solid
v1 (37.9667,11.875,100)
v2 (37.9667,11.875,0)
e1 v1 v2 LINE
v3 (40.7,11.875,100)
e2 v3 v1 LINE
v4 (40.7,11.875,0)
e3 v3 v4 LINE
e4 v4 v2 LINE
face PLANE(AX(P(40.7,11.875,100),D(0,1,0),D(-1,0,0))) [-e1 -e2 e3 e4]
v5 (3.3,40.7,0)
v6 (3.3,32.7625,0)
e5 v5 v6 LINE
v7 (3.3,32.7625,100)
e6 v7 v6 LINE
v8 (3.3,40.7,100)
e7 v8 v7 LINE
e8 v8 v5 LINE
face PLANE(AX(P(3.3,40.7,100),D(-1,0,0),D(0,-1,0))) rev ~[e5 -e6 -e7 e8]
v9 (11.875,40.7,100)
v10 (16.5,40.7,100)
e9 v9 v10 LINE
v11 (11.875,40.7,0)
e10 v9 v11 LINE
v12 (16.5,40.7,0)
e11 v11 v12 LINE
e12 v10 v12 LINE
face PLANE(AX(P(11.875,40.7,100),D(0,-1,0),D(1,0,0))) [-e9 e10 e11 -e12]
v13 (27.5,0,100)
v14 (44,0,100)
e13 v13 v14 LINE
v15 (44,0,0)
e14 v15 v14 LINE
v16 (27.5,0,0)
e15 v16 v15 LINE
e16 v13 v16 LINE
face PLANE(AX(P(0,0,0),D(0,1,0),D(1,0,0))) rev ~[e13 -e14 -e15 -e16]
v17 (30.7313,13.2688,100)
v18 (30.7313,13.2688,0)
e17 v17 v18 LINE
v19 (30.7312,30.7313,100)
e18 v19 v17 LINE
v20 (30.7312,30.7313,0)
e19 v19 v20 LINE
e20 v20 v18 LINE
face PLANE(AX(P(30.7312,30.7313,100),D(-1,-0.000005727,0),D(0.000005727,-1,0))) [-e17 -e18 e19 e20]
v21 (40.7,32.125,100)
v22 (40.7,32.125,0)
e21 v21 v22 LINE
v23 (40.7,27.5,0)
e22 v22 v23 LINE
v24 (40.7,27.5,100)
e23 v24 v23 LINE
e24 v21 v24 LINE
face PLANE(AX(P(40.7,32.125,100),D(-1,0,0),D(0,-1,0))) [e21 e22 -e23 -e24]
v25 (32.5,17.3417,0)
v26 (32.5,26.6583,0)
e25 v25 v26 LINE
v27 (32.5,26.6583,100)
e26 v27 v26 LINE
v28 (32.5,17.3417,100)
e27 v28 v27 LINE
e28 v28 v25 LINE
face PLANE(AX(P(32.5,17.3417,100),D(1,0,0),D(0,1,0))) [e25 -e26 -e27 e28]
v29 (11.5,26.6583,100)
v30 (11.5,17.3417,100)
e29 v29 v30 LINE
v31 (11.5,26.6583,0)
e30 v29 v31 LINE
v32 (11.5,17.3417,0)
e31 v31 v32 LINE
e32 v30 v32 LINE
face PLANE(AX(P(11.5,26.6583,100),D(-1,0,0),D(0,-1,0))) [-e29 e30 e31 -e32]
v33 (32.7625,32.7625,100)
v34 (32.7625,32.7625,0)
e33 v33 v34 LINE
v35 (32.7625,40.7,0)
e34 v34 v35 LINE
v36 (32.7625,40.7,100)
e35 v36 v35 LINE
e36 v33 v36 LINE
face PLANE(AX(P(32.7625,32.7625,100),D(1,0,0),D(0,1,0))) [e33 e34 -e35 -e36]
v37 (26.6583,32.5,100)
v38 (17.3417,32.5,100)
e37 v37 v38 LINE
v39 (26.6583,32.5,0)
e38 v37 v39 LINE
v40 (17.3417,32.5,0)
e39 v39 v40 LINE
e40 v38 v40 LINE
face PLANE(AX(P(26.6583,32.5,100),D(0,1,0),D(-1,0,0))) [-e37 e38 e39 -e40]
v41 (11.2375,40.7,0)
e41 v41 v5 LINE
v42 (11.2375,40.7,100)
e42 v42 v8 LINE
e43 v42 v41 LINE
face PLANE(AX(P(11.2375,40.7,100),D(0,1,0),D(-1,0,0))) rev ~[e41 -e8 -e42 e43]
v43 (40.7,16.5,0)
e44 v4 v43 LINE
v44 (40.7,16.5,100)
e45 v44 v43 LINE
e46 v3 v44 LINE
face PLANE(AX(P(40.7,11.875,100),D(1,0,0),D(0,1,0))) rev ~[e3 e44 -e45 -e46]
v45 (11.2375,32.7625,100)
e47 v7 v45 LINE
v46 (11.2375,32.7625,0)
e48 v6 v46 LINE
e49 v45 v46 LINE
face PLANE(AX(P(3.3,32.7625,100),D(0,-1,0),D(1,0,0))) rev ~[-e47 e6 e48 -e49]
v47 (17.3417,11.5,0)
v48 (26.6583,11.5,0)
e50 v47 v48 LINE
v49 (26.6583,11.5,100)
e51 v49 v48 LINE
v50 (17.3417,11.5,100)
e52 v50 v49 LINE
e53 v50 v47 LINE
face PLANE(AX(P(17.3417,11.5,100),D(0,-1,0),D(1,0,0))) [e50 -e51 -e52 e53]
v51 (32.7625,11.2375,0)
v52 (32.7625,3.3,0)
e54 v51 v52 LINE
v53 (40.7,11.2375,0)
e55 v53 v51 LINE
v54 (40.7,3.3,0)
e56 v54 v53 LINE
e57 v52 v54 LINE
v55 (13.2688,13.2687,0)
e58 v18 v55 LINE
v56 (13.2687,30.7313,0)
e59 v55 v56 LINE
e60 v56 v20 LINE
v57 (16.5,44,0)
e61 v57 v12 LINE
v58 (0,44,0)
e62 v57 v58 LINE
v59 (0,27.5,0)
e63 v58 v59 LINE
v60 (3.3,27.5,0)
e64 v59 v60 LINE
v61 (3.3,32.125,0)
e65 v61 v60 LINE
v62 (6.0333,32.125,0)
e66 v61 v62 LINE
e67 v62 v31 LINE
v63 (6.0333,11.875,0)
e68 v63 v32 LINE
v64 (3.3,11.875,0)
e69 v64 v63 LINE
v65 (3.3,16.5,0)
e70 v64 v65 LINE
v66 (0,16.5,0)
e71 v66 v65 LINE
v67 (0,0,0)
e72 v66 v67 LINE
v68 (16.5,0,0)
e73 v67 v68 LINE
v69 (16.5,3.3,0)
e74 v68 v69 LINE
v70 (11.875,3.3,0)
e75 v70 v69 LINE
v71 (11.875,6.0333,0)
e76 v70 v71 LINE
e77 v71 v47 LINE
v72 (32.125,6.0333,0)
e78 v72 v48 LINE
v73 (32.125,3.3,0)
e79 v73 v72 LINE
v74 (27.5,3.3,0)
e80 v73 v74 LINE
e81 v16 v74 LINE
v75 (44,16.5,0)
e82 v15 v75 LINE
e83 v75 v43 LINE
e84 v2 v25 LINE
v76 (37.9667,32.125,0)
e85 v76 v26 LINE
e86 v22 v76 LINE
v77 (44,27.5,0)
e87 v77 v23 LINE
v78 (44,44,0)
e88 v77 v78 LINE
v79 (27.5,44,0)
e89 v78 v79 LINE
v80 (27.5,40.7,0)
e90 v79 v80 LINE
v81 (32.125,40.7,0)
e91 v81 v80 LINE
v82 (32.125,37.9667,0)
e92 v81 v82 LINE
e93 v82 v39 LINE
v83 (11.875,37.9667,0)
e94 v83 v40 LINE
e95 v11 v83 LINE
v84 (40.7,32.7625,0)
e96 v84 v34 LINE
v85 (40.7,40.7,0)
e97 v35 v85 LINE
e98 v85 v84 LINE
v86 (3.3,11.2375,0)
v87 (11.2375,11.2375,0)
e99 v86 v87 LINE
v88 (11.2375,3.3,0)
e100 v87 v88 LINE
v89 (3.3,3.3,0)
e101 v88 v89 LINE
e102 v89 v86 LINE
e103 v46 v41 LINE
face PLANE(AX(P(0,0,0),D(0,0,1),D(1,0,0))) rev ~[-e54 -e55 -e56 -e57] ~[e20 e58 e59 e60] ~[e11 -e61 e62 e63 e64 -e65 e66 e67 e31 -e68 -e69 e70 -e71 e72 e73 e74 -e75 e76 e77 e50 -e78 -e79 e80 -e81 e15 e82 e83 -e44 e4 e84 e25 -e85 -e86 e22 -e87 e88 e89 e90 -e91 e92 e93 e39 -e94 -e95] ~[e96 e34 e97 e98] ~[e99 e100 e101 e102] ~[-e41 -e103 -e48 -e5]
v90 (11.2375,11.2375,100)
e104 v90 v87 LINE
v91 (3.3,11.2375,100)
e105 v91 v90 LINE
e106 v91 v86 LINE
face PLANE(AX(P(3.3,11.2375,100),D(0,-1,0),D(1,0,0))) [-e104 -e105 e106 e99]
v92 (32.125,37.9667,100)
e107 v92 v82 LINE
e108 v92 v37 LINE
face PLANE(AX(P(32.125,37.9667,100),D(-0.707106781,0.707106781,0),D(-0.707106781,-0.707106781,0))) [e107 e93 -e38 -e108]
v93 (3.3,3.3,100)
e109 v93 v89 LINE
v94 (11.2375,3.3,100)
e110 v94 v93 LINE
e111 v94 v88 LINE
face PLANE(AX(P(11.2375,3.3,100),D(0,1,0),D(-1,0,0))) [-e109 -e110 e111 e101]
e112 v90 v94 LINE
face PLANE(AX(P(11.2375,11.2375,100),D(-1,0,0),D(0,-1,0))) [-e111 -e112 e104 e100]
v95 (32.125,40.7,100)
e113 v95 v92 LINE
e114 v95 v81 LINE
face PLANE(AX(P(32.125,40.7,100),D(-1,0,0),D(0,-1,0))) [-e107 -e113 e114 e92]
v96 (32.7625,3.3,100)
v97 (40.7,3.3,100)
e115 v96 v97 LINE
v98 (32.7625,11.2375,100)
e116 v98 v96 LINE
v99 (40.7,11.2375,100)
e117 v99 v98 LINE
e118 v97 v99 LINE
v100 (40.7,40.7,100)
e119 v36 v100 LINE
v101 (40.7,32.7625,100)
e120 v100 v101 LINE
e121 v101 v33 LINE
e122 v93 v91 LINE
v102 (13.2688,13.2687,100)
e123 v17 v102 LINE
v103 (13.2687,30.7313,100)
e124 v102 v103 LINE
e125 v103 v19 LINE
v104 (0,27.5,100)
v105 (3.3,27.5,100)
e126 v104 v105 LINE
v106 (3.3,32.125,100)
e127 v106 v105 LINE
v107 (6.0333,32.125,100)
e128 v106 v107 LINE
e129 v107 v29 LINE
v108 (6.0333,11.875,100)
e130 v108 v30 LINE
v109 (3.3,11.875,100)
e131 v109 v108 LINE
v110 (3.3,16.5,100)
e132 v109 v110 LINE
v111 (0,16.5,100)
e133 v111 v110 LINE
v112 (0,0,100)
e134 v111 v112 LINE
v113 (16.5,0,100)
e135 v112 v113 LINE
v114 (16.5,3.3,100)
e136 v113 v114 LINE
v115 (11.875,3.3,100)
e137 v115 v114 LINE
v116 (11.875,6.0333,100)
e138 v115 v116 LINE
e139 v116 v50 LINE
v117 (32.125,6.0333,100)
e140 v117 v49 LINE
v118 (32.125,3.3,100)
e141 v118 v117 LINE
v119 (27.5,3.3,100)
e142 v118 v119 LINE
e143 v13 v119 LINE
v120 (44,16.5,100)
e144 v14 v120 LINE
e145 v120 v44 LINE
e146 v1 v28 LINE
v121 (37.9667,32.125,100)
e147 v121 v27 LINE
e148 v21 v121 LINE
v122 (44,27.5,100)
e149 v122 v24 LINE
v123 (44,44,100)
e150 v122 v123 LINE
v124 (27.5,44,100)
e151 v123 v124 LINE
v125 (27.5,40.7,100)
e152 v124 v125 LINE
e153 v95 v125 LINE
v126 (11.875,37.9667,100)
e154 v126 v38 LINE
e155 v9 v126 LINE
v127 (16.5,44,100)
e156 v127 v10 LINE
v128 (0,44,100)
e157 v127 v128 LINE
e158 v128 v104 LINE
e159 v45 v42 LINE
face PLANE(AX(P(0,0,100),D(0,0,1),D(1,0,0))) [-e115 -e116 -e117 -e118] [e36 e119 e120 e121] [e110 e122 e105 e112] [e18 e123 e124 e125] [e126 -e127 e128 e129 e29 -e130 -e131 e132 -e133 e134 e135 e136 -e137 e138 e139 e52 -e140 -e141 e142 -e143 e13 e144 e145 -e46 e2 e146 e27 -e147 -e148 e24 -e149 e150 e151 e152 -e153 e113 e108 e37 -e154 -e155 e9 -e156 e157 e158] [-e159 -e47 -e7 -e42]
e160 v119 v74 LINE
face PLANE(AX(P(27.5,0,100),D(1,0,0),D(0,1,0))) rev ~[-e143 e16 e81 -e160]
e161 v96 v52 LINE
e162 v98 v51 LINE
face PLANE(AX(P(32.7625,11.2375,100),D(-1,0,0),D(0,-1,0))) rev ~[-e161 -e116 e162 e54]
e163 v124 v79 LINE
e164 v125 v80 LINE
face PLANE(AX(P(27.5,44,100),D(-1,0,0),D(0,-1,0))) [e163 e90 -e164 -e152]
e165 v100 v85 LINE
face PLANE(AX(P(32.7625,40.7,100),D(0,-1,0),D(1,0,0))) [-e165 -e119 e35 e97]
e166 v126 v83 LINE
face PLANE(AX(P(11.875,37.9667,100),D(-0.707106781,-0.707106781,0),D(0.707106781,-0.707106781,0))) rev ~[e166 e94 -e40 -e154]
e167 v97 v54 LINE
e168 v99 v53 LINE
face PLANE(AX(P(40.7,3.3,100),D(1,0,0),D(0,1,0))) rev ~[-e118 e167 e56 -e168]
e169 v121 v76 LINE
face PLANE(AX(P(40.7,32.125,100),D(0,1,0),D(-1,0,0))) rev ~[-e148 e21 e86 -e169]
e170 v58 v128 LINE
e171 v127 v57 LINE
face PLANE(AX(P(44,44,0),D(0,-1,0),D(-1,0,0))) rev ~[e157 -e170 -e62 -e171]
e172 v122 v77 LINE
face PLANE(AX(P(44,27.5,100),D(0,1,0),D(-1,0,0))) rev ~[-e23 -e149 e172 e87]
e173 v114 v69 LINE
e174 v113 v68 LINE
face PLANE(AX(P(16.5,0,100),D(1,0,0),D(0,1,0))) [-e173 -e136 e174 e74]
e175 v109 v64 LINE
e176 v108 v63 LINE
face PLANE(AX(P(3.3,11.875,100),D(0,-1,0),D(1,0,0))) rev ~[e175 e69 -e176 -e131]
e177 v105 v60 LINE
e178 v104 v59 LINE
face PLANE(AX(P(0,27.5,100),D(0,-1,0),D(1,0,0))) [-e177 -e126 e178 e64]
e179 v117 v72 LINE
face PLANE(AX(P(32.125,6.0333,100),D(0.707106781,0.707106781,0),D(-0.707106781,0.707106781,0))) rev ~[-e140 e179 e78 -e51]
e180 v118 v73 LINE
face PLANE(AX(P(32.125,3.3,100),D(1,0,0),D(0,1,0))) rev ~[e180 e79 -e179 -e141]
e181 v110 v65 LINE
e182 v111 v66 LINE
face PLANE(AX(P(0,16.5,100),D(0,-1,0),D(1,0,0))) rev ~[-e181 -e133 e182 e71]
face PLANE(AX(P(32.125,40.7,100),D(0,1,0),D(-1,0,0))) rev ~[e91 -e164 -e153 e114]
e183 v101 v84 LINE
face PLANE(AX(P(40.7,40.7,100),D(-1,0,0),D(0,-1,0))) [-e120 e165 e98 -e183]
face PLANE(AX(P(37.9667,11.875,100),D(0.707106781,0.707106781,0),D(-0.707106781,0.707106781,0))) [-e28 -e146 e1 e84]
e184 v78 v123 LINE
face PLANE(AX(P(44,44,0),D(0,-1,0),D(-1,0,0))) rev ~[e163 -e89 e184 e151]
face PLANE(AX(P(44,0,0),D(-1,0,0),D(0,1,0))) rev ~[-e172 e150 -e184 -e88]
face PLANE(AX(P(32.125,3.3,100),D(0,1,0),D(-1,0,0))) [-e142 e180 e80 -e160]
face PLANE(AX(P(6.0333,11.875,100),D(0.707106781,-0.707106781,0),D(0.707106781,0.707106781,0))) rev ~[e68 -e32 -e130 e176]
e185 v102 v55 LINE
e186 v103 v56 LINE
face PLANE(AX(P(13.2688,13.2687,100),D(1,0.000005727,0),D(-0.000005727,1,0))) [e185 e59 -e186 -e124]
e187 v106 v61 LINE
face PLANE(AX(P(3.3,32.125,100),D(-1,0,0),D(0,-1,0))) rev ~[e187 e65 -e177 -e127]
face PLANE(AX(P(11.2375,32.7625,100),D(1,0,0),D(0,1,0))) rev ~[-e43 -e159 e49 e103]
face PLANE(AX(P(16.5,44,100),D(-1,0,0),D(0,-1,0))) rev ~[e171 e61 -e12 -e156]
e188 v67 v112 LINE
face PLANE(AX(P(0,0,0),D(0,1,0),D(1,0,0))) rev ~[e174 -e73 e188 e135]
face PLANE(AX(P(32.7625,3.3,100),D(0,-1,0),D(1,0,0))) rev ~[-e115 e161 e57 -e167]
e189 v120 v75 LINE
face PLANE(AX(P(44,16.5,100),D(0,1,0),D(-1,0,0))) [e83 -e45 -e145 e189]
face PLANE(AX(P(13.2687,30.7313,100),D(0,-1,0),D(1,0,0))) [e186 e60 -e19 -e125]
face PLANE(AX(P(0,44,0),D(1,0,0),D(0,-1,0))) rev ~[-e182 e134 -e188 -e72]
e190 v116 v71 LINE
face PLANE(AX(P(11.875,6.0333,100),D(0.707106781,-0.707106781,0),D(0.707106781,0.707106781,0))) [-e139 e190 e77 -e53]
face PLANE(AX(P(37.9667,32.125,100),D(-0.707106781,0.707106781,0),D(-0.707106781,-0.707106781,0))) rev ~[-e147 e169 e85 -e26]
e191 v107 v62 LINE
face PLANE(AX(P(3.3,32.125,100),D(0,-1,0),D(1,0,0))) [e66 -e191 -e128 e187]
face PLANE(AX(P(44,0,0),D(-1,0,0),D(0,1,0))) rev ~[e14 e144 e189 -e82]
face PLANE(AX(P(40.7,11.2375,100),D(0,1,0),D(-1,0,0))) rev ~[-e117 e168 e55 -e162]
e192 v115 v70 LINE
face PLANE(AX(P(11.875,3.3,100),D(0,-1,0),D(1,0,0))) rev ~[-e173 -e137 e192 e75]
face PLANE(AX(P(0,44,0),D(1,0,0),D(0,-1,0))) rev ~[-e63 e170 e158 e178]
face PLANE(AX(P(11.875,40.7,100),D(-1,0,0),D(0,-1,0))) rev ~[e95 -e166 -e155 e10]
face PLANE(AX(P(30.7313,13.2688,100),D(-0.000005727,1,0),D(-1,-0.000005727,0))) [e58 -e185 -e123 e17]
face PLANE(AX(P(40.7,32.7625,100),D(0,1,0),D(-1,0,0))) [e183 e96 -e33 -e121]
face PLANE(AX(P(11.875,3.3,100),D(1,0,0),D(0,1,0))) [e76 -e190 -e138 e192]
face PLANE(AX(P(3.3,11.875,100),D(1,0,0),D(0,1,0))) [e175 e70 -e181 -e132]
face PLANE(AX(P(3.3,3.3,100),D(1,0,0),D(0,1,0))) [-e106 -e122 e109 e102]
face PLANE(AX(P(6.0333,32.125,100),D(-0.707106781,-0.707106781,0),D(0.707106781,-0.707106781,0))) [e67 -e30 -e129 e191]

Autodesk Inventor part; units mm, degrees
ref_plane "YZ Plane" through (0, 0, 0) normal (1, 0, 0) x (0, 1, 0)
ref_plane "XZ Plane" through (0, 0, 0) normal (0, 1, 0) x (-1, 0, 0)
ref_plane "XY Plane" through (0, 0, 0) normal (0, 0, 1) x (1, 0, 0)
sketch "Sketch1" plane through (0, 0, 0) normal (0, 0, 1) x (1, 0, 0)
  line L0 (0, 0) -> (44, 0)
  line L1 (44, 0) -> (44, 44)
  line L2 (44, 44) -> (0, 44)
  line L3 (0, 44) -> (0, 0)
  dimension "d5" = 44
  dimension "d6" = 44
extrude "JOKAB, 44MM" add sketch "Sketch1" along normal blind 100
sketch "Sketch2" plane through (0, 0, 100) normal (0, 0, 1) x (1, 0, 0)
  line L0 (44, 0) -> (0, 0) projected
  line L1 (0, 44) -> (44, 44) projected
  line L2 (44, 44) -> (0, 44) projected
  line L3 (16.5, 44) -> (16.5, 40.7)
  line L4 (11.875, 40.7) -> (11.875, 37.9667)
  line L5 (11.875, 37.9667) -> (17.3417, 32.5)
  line L6 (22, 44) -> (22, 0) construction
  line L7 (0, 44) -> (0, 0) projected
  line L8 (0, 22) -> (44, 22) construction
  line L9 (44, 0) -> (44, 44) projected
  line L10 (17.3417, 32.5) -> (22, 32.5)
  line L11 (11.875, 40.7) -> (16.5, 40.7)
  line L12 (27.5, 44) -> (27.5, 40.7)
  line L13 (32.125, 40.7) -> (32.125, 37.9667)
  line L14 (32.125, 37.9667) -> (26.6583, 32.5)
  line L15 (26.6583, 32.5) -> (22, 32.5)
  line L16 (32.125, 40.7) -> (27.5, 40.7)
  line L17 (16.5, 0) -> (16.5, 3.3)
  line L18 (11.875, 3.3) -> (11.875, 6.0333)
  line L19 (11.875, 6.0333) -> (17.3417, 11.5)
  line L20 (17.3417, 11.5) -> (22, 11.5)
  line L21 (11.875, 3.3) -> (16.5, 3.3)
  line L22 (27.5, 0) -> (27.5, 3.3)
  line L23 (32.125, 3.3) -> (27.5, 3.3)
  line L24 (32.125, 3.3) -> (32.125, 6.0333)
  line L25 (32.125, 6.0333) -> (26.6583, 11.5)
  line L26 (26.6583, 11.5) -> (22, 11.5)
  line L27 (0, 16.5) -> (3.3, 16.5)
  line L28 (3.3, 11.875) -> (6.0333, 11.875)
  line L29 (6.0333, 11.875) -> (11.5, 17.3417)
  line L30 (22, 0) -> (22, 44) construction
  line L31 (11.5, 17.3417) -> (11.5, 22)
  line L32 (3.3, 11.875) -> (3.3, 16.5)
  line L33 (0, 27.5) -> (3.3, 27.5)
  line L34 (3.3, 32.125) -> (3.3, 27.5)
  line L35 (3.3, 32.125) -> (6.0333, 32.125)
  line L36 (6.0333, 32.125) -> (11.5, 26.6583)
  line L37 (11.5, 26.6583) -> (11.5, 22)
  line L38 (27.5, 0) -> (27.5, 3.3)
  line L39 (32.125, 3.3) -> (32.125, 6.0333)
  line L40 (32.125, 6.0333) -> (26.6583, 11.5)
  line L41 (44, 22) -> (0, 22) construction
  line L42 (26.6583, 11.5) -> (22, 11.5)
  line L43 (32.125, 3.3) -> (27.5, 3.3)
  line L44 (16.5, 0) -> (16.5, 3.3)
  line L45 (11.875, 3.3) -> (16.5, 3.3)
  line L46 (11.875, 3.3) -> (11.875, 6.0333)
  line L47 (11.875, 6.0333) -> (17.3417, 11.5)
  line L48 (17.3417, 11.5) -> (22, 11.5)
  line L49 (44, 27.5) -> (40.7, 27.5)
  line L50 (40.7, 32.125) -> (37.9667, 32.125)
  line L51 (37.9667, 32.125) -> (32.5, 26.6583)
  line L52 (22, 44) -> (22, 0) construction
  line L53 (32.5, 26.6583) -> (32.5, 22)
  line L54 (40.7, 32.125) -> (40.7, 27.5)
  line L55 (44, 16.5) -> (40.7, 16.5)
  line L56 (40.7, 11.875) -> (40.7, 16.5)
  line L57 (40.7, 11.875) -> (37.9667, 11.875)
  line L58 (37.9667, 11.875) -> (32.5, 17.3417)
  line L59 (32.5, 17.3417) -> (32.5, 22)
  line L60 (27.5, 44) -> (16.5, 44)
  line L61 (44, 27.5) -> (44, 16.5)
  line L62 (27.5, 0) -> (16.5, 0)
  line L63 (0, 16.5) -> (0, 27.5)
  point P0 (22, 22)
  point P1 (22, 22)
  point P2 (22, 22)
  point P3 (22, 22)
  dimension "d10" = 5.5
  dimension "d11" = 10.125
  dimension "d12" = 11.5
  dimension "d13" = 45
  dimension "d15" = 2.7333
  dimension "d17" = 8.2
  dimension "d20" = 360
extrude "Extrusion2" cut sketch "Sketch2" against normal through all contours L0 L17 L21 L18 L19 L20 L26 L25 L24 L23 L22 | L55 L56 L57 L58 L59 L53 L51 L50 L54 L49 L9 | L7 L33 L34 L35 L36 L37 L31 L29 L28 L32 L27 | L12 L16 L13 L14 L15 L10 L5 L4 L11 L3 L1
sketch "Sketch3" plane through (0, 0, 100) normal (0, 0, 1) x (1, 0, 0)
  line L0 (11.5, 26.6583) -> (11.5, 17.3417) projected
  line L1 (17.3417, 11.5) -> (26.6583, 11.5) projected
  line L2 (32.5, 17.3417) -> (32.5, 26.6583) projected
  line L3 (26.6583, 32.5) -> (17.3417, 32.5) projected
  line L4 (13.2688, 13.2687) -> (13.2687, 30.7313)
  line L5 (13.2687, 30.7313) -> (30.7312, 30.7313)
  line L6 (30.7312, 30.7313) -> (30.7313, 13.2688)
  line L7 (30.7313, 13.2688) -> (13.2688, 13.2687)
  line L8 (32.5, 22) -> (11.5, 22) construction
  line L9 (22, 32.5) -> (22, 11.5) construction
  dimension "d36" = 17.4625
  dimension "d37" = 8.7312
  dimension "d38" = 17.4625
  dimension "d39" = 8.7312
extrude "Extrusion3" cut sketch "Sketch3" against normal through all
sketch "Sketch4" plane through (0, 0, 100) normal (0, 0, 1) x (1, 0, 0)
  line L0 (11.5, 26.6583) -> (11.5, 17.3417) projected
  line L1 (17.3417, 11.5) -> (26.6583, 11.5) projected
  line L2 (32.5, 17.3417) -> (32.5, 26.6583) projected
  line L3 (44, 44) -> (44, 27.5) projected
  line L4 (27.5, 44) -> (44, 44) projected
  line L5 (26.6583, 32.5) -> (17.3417, 32.5) projected
  line L6 (40.7, 32.7625) -> (32.7625, 32.7625)
  line L7 (32.7625, 32.7625) -> (32.7625, 40.7)
  line L8 (32.7625, 40.7) -> (40.7, 40.7)
  line L9 (40.7, 40.7) -> (40.7, 32.7625)
  line L10 (32.5, 22) -> (11.5, 22)
  line L11 (22, 32.5) -> (22, 11.5)
  line L12 (3.3, 32.7625) -> (11.2375, 32.7625)
  line L13 (11.2375, 32.7625) -> (11.2375, 40.7)
  line L14 (11.2375, 40.7) -> (3.3, 40.7)
  line L15 (3.3, 40.7) -> (3.3, 32.7625)
  line L16 (40.7, 11.2375) -> (32.7625, 11.2375)
  line L17 (32.7625, 11.2375) -> (32.7625, 3.3)
  line L18 (32.7625, 3.3) -> (40.7, 3.3)
  line L19 (40.7, 3.3) -> (40.7, 11.2375)
  line L20 (11.2375, 11.2375) -> (11.2375, 3.3)
  line L21 (11.2375, 3.3) -> (3.3, 3.3)
  line L22 (3.3, 3.3) -> (3.3, 11.2375)
  line L23 (3.3, 11.2375) -> (11.2375, 11.2375)
  dimension "d30" = 3.3
  dimension "d31" = 3.3
  dimension "d32" = 7.9375
  dimension "d33" = 7.9375
extrude "Extrusion4" cut sketch "Sketch4" against normal through all
equation "\"d15\" = 0.333333 * d17"
equation "\"d37\" = 0.5 * d36"
equation "\"d38\" = d36"
equation "\"d39\" = d37"
equation "\"d31\" = d30"
equation "\"d33\" = d32"
properties part number "BAR, EXTRUDED, ALUM, 44MMX44MM, JOKAB" material "Aluminum, 6061"
